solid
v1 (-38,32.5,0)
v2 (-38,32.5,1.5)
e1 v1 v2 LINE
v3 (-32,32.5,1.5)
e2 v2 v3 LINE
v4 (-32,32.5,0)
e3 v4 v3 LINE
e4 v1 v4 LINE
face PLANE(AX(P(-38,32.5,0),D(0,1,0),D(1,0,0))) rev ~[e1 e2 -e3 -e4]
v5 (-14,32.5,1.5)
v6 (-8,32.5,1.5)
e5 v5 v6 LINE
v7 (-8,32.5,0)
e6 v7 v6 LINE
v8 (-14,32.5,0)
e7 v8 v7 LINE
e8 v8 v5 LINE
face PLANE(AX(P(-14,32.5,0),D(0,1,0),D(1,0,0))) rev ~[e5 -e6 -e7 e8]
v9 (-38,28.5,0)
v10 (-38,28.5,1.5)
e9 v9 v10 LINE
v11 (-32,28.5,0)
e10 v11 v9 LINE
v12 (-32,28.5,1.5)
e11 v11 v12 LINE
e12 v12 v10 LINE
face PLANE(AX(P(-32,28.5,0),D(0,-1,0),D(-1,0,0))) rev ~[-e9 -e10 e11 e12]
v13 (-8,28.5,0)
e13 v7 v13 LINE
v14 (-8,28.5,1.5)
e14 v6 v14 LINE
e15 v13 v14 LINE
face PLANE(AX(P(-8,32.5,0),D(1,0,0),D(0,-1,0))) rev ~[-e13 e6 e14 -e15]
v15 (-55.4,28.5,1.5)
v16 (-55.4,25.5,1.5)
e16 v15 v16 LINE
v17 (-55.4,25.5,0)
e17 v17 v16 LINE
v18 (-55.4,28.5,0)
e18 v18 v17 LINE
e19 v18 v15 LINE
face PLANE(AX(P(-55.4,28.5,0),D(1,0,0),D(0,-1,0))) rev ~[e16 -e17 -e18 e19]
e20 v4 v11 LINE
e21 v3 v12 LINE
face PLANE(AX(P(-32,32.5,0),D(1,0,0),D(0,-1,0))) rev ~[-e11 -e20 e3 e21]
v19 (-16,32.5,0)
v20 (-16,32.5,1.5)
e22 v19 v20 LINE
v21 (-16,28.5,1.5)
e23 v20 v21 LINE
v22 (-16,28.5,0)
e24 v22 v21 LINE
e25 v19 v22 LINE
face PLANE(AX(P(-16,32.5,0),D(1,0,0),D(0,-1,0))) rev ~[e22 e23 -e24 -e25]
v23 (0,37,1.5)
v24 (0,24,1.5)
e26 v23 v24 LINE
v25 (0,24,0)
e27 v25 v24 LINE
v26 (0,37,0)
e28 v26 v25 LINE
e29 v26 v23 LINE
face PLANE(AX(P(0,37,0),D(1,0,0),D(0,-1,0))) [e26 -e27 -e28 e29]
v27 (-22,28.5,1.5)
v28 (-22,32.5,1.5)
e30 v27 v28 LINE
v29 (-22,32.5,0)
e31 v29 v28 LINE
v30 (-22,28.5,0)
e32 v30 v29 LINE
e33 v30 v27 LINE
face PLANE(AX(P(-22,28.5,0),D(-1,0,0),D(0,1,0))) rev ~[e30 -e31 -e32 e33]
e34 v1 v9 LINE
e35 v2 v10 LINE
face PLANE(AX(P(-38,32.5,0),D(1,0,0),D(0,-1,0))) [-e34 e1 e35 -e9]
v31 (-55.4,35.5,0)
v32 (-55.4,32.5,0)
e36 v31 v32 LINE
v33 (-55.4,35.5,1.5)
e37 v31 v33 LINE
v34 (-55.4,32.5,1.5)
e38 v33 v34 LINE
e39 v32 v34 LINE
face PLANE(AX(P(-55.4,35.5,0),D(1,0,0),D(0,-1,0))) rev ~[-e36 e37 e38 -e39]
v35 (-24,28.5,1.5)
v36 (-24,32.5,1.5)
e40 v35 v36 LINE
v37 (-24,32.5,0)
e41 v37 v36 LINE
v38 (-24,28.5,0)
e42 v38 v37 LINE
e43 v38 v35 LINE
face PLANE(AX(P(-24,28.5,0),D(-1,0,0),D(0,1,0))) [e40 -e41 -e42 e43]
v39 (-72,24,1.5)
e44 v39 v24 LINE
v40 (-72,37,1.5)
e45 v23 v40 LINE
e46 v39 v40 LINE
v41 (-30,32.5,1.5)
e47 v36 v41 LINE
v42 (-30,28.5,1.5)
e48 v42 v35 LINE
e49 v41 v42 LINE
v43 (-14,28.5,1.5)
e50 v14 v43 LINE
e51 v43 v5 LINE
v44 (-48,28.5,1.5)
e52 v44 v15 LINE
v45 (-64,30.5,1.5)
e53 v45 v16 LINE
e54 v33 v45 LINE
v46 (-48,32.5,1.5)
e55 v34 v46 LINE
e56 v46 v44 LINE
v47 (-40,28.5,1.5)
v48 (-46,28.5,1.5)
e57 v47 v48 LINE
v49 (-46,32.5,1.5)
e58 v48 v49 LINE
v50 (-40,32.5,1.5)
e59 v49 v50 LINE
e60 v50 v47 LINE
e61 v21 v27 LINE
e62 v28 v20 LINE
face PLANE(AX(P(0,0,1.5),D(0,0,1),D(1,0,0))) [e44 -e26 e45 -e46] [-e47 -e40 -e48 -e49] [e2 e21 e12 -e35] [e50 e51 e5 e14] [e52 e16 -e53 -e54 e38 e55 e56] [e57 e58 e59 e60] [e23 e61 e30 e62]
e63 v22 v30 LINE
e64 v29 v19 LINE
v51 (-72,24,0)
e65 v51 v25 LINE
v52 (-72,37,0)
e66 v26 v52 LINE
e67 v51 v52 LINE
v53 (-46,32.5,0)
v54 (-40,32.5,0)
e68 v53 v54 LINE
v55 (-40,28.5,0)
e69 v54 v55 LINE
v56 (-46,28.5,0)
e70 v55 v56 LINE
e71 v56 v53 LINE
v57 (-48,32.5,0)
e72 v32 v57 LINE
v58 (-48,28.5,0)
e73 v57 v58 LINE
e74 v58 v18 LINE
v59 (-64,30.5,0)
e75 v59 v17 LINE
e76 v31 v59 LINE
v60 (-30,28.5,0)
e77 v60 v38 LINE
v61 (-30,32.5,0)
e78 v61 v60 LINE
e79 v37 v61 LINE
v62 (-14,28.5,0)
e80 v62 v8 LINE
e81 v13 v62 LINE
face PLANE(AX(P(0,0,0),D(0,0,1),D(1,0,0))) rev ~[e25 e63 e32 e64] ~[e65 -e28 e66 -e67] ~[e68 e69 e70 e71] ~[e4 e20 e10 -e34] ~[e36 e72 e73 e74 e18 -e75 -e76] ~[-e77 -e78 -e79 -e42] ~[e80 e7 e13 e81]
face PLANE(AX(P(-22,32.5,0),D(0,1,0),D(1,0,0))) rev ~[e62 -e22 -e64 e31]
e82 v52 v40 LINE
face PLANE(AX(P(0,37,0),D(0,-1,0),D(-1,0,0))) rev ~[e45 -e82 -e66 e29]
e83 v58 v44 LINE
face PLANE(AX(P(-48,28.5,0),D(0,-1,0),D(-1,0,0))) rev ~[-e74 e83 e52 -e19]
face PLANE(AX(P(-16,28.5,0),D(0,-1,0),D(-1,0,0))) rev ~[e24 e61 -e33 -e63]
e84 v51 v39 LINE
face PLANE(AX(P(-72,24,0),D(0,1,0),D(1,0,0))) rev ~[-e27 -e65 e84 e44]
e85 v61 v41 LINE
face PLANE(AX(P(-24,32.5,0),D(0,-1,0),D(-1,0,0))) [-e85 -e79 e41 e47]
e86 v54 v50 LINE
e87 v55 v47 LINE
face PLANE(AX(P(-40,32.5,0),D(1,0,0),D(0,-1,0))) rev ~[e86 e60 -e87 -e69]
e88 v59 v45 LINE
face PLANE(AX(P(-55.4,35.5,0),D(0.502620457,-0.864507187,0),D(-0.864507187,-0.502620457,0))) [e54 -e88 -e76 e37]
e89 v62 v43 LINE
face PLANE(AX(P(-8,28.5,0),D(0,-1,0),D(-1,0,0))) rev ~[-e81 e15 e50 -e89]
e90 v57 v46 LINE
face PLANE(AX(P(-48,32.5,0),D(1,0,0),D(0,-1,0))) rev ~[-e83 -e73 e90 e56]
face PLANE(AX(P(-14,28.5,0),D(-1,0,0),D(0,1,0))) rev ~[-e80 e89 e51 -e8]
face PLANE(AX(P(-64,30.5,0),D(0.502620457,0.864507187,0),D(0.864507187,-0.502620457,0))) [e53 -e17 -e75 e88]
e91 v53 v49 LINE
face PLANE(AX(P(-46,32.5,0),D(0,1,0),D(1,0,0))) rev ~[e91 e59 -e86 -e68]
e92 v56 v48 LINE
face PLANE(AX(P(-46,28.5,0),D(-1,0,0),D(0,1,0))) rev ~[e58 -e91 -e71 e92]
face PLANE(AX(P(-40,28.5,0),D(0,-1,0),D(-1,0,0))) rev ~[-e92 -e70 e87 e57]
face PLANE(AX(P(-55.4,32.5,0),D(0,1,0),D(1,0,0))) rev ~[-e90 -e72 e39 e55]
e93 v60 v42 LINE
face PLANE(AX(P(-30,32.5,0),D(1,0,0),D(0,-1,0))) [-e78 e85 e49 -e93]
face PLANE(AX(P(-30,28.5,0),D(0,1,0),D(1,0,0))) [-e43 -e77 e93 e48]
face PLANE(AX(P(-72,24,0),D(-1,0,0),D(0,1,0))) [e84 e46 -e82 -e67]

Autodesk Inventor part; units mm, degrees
ref_plane "YZ Plane" through (0, 0, 0) normal (1, 0, 0) x (0, 1, 0)
ref_plane "XZ Plane" through (0, 0, 0) normal (0, 1, 0) x (-1, 0, 0)
ref_plane "XY Plane" through (0, 0, 0) normal (0, 0, 1) x (1, 0, 0)
sketch "Sketch1" plane through (0, 0, 0) normal (0, 0, 1) x (1, 0, 0)
  line L0 (-64, 0) -> (-72, 0)
  line L1 (0, 37) -> (0, 24)
  line L2 (-72, 24) -> (-72, 37)
  line L3 (0, 0) -> (0, 24) construction
  line L4 (-72, 24) -> (0, 24)
  line L5 (-24, 22.0212) -> (-24, 32.5) construction
  line L6 (-24, 32.5) -> (-30, 32.5)
  line L7 (-30, 32.5) -> (-30, 28.5)
  line L8 (-30, 28.5) -> (-24, 28.5)
  line L9 (-24, 28.5) -> (-24, 32.5)
  line L10 (-30, 32.5) -> (-35, 32.5) construction
  line L11 (-22, 32.5) -> (-16, 32.5)
  line L12 (-16, 32.5) -> (-16, 28.5)
  line L13 (-16, 28.5) -> (-22, 28.5)
  line L14 (-22, 28.5) -> (-22, 32.5)
  line L15 (-14, 32.5) -> (-8, 32.5)
  line L16 (-8, 32.5) -> (-8, 28.5)
  line L17 (-8, 28.5) -> (-14, 28.5)
  line L18 (-14, 28.5) -> (-14, 32.5)
  line L19 (0, 24) -> (0, 37) construction
  line L20 (0, 37) -> (-91.064, 37) construction
  line L21 (0, 37) -> (-72, 37)
  line L22 (-72, 24) -> (-72, 37)
  line L23 (0, 24) -> (0, 37)
  line L24 (-72, 24) -> (-72, 30.5) construction
  line L25 (-72, 30.5) -> (-41.865, 30.5) construction
  line L26 (-64, 30.5) -> (-55.4, 30.5) construction
  line L27 (-55.4, 30.5) -> (-55.4, 35.5) construction
  line L28 (-55.4, 35.5) -> (-64, 30.5)
  line L29 (-55.4, 30.5) -> (-55.4, 25.5) construction
  line L30 (-64, 30.5) -> (-55.4, 25.5)
  line L31 (-32, 28.5) -> (-38, 28.5)
  line L32 (-38, 28.5) -> (-38, 32.5) construction
  line L33 (-38, 32.5) -> (-32, 32.5)
  line L34 (-32, 32.5) -> (-32, 28.5) construction
  line L35 (-38, 32.5) -> (-38, 28.5)
  line L36 (-32, 32.5) -> (-32, 28.5)
  line L37 (-40, 28.5) -> (-46, 28.5)
  line L38 (-46, 28.5) -> (-46, 32.5)
  line L39 (-46, 32.5) -> (-40, 32.5)
  line L40 (-40, 32.5) -> (-40, 28.5)
  line L41 (-55.4, 35.5) -> (-55.4, 32.5)
  line L42 (-55.4, 32.5) -> (-48, 32.5)
  line L43 (-48, 32.5) -> (-48, 28.5)
  line L44 (-48, 28.5) -> (-55.4, 28.5)
  line L45 (-55.4, 28.5) -> (-55.4, 25.5)
  point P0 (0, 0)
  point P1 (-137.4598, 47.0487)
  point P2 (-11, 28.5)
  point P3 (-11, 32.5)
  point P4 (-30, 30.5)
  point P5 (-32, 30.5)
  point P6 (-38, 30.5)
  point P7 (-40, 30.5)
  point P8 (-46, 30.5)
  point P9 (-48, 30.5)
  dimension "d3" = 0
  dimension "d4" = 0
  dimension "d8" = 24
  dimension "d14" = 6
  dimension "d19" = 6
  dimension "d20" = 4
  dimension "d21" = 6
  dimension "d22" = 2
  dimension "d23" = 2
  dimension "d33" = 8
  dimension "d36" = 28.5
  dimension "d37" = 13
  dimension "d38" = 4
  dimension "d39" = 8.6
  dimension "d40" = 5
  dimension "d41" = 5
  dimension "d42" = 6
  dimension "d43" = 4
  dimension "d44" = 2
  dimension "d45" = 6
  dimension "d46" = 2
  dimension "d47" = 3
  dimension "d48" = 7.4
extrude "Extrusion2" add sketch "Sketch1" along normal blind 1.5
properties part number "MS_R_Front_Green_v3"
